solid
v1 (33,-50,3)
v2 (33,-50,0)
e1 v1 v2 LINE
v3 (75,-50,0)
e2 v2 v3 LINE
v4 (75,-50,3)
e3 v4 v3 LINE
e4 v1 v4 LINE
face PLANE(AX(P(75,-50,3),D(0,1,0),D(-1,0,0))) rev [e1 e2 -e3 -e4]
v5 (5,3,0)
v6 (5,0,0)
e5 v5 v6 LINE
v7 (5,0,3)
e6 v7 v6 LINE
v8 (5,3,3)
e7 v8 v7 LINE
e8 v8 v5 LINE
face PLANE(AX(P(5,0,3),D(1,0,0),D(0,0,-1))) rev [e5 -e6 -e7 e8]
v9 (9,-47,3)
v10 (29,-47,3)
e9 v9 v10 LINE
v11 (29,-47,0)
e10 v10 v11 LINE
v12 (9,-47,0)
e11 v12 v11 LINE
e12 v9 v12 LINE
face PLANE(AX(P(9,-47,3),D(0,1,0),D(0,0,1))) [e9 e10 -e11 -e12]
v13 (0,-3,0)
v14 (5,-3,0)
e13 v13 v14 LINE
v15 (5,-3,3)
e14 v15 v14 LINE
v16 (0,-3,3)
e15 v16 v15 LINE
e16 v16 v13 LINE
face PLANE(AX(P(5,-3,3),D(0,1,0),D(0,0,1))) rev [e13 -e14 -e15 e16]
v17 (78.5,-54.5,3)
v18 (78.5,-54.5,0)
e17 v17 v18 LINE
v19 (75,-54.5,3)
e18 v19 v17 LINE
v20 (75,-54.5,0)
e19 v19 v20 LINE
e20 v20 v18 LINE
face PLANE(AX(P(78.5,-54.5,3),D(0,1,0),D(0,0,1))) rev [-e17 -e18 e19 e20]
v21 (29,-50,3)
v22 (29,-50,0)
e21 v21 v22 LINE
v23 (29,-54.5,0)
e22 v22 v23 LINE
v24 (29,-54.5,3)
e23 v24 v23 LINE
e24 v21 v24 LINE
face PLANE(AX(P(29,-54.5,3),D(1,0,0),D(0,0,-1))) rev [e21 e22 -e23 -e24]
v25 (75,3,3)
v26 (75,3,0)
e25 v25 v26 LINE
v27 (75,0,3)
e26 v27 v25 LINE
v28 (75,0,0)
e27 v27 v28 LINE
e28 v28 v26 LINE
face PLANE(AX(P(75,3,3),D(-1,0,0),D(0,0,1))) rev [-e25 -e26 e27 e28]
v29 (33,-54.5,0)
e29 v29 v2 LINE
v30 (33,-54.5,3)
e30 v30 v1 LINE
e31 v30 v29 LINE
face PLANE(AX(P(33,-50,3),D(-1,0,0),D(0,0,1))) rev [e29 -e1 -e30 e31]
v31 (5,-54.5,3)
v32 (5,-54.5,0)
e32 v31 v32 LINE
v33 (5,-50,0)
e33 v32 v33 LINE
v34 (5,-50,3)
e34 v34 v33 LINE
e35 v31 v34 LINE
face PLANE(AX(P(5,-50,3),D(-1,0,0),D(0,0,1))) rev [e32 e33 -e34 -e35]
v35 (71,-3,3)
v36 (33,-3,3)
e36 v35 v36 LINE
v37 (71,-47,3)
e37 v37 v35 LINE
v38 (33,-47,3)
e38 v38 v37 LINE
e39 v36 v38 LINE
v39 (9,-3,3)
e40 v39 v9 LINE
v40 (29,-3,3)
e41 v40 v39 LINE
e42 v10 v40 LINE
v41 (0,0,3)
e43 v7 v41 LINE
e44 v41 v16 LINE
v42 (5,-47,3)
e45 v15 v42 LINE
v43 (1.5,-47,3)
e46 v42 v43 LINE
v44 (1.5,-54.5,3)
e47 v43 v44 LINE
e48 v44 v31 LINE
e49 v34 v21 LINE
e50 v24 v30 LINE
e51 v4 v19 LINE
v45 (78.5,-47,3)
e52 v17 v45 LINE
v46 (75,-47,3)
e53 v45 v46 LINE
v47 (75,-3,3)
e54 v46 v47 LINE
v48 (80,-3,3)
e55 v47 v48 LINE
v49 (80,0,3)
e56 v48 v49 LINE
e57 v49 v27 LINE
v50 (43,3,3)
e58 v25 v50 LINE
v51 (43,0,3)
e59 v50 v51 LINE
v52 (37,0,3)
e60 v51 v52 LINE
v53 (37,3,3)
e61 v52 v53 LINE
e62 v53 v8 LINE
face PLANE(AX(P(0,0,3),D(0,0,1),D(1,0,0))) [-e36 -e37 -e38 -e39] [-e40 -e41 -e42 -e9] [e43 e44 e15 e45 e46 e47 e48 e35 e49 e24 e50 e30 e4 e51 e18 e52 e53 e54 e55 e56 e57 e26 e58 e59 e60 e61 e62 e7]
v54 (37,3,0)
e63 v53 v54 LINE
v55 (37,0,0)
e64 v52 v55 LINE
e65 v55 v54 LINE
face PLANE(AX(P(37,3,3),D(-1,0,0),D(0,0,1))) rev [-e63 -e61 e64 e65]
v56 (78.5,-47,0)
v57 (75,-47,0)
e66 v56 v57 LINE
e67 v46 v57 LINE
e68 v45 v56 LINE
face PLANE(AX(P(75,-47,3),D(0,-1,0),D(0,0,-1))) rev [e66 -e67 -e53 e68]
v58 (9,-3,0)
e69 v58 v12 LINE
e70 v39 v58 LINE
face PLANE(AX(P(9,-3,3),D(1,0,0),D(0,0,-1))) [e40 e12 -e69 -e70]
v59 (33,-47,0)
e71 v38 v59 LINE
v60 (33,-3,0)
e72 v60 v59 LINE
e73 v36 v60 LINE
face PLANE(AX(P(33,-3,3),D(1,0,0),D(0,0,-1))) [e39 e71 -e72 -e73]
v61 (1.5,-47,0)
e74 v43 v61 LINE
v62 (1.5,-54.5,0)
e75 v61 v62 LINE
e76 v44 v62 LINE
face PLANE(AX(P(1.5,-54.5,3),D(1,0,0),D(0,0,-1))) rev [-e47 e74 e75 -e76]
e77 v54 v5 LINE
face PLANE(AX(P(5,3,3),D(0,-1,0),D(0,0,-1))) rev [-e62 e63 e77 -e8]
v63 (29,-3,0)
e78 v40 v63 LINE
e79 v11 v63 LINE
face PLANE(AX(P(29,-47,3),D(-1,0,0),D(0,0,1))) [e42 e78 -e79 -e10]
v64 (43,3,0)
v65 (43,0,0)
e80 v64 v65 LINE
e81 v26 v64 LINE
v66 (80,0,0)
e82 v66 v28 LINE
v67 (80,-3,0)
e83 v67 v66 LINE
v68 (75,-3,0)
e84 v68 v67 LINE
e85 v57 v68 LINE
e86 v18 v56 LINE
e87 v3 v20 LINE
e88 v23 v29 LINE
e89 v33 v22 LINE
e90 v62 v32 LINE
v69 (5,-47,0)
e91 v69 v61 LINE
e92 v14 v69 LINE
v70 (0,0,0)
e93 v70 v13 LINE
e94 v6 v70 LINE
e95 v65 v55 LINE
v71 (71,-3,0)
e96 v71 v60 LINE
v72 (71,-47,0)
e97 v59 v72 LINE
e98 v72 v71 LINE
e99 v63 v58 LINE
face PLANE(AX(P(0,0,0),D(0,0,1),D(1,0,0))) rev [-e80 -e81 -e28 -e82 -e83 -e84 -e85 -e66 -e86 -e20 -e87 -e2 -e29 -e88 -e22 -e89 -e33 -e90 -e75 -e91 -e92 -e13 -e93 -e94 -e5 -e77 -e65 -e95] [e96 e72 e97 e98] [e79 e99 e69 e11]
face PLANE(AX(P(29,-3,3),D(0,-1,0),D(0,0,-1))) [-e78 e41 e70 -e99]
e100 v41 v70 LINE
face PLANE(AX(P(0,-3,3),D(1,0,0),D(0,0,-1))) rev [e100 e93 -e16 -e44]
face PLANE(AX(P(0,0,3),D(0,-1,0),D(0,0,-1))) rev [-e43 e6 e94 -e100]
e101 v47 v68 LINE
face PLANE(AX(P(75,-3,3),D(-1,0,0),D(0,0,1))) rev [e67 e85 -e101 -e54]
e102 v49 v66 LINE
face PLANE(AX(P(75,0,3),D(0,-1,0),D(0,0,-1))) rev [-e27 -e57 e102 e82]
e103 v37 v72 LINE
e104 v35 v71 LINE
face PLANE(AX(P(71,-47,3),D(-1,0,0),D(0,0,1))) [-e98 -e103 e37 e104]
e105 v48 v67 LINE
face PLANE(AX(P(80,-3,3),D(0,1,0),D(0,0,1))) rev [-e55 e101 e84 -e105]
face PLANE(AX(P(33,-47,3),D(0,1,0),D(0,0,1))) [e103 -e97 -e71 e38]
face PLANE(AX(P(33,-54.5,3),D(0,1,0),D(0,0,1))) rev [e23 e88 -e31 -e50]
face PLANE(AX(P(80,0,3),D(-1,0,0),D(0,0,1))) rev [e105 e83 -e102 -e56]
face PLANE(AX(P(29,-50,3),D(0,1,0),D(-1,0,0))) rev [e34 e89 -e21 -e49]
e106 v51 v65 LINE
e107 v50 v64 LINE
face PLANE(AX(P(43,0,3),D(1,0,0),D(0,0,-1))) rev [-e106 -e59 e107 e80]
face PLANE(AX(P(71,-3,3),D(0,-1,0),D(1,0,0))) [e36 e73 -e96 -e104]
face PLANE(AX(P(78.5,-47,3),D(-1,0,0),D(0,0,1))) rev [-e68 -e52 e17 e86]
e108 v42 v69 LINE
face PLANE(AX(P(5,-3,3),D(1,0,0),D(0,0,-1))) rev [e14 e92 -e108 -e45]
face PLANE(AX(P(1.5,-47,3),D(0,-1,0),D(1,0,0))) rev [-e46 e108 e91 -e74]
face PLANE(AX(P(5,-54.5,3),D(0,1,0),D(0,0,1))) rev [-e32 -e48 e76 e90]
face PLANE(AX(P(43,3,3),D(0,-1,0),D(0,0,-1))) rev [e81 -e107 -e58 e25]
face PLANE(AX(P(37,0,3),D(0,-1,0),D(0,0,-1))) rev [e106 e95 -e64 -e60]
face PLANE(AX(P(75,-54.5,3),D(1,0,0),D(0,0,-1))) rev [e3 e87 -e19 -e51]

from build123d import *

# Parameters (mm, degrees)
SKETCH1_W           = 20
SKETCH1_H           = 44
SKETCH1_W_2         = 38
BOSS_EXTRUDE1_DEPTH = 3


with BuildPart() as part:
    # Sketch1 → Boss-Extrude1 (new body)
    with BuildSketch(Plane.XY):
        Polygon((5, -3), (0, -3), (0, 0), (5, 0), (5, 3), (37, 3), (37, 0), (43, 0), (43, 3), (75, 3), (75, 0), (80, 0), (80, -3), (75, -3), (75, -47), (78.5, -47), (78.5, -54.5), (75, -54.5), (75, -50), (33, -50), (33, -54.5), (29, -54.5), (29, -50), (5, -50), (5, -54.5), (1.5, -54.5), (1.5, -47), (5, -47), align=None)
        with Locations((19, -25)):
            Rectangle(SKETCH1_W, SKETCH1_H, mode=Mode.SUBTRACT)
        with Locations((52, -25)):
            Rectangle(SKETCH1_W_2, SKETCH1_H, mode=Mode.SUBTRACT)
    extrude(amount=BOSS_EXTRUDE1_DEPTH)


solid = part.part
